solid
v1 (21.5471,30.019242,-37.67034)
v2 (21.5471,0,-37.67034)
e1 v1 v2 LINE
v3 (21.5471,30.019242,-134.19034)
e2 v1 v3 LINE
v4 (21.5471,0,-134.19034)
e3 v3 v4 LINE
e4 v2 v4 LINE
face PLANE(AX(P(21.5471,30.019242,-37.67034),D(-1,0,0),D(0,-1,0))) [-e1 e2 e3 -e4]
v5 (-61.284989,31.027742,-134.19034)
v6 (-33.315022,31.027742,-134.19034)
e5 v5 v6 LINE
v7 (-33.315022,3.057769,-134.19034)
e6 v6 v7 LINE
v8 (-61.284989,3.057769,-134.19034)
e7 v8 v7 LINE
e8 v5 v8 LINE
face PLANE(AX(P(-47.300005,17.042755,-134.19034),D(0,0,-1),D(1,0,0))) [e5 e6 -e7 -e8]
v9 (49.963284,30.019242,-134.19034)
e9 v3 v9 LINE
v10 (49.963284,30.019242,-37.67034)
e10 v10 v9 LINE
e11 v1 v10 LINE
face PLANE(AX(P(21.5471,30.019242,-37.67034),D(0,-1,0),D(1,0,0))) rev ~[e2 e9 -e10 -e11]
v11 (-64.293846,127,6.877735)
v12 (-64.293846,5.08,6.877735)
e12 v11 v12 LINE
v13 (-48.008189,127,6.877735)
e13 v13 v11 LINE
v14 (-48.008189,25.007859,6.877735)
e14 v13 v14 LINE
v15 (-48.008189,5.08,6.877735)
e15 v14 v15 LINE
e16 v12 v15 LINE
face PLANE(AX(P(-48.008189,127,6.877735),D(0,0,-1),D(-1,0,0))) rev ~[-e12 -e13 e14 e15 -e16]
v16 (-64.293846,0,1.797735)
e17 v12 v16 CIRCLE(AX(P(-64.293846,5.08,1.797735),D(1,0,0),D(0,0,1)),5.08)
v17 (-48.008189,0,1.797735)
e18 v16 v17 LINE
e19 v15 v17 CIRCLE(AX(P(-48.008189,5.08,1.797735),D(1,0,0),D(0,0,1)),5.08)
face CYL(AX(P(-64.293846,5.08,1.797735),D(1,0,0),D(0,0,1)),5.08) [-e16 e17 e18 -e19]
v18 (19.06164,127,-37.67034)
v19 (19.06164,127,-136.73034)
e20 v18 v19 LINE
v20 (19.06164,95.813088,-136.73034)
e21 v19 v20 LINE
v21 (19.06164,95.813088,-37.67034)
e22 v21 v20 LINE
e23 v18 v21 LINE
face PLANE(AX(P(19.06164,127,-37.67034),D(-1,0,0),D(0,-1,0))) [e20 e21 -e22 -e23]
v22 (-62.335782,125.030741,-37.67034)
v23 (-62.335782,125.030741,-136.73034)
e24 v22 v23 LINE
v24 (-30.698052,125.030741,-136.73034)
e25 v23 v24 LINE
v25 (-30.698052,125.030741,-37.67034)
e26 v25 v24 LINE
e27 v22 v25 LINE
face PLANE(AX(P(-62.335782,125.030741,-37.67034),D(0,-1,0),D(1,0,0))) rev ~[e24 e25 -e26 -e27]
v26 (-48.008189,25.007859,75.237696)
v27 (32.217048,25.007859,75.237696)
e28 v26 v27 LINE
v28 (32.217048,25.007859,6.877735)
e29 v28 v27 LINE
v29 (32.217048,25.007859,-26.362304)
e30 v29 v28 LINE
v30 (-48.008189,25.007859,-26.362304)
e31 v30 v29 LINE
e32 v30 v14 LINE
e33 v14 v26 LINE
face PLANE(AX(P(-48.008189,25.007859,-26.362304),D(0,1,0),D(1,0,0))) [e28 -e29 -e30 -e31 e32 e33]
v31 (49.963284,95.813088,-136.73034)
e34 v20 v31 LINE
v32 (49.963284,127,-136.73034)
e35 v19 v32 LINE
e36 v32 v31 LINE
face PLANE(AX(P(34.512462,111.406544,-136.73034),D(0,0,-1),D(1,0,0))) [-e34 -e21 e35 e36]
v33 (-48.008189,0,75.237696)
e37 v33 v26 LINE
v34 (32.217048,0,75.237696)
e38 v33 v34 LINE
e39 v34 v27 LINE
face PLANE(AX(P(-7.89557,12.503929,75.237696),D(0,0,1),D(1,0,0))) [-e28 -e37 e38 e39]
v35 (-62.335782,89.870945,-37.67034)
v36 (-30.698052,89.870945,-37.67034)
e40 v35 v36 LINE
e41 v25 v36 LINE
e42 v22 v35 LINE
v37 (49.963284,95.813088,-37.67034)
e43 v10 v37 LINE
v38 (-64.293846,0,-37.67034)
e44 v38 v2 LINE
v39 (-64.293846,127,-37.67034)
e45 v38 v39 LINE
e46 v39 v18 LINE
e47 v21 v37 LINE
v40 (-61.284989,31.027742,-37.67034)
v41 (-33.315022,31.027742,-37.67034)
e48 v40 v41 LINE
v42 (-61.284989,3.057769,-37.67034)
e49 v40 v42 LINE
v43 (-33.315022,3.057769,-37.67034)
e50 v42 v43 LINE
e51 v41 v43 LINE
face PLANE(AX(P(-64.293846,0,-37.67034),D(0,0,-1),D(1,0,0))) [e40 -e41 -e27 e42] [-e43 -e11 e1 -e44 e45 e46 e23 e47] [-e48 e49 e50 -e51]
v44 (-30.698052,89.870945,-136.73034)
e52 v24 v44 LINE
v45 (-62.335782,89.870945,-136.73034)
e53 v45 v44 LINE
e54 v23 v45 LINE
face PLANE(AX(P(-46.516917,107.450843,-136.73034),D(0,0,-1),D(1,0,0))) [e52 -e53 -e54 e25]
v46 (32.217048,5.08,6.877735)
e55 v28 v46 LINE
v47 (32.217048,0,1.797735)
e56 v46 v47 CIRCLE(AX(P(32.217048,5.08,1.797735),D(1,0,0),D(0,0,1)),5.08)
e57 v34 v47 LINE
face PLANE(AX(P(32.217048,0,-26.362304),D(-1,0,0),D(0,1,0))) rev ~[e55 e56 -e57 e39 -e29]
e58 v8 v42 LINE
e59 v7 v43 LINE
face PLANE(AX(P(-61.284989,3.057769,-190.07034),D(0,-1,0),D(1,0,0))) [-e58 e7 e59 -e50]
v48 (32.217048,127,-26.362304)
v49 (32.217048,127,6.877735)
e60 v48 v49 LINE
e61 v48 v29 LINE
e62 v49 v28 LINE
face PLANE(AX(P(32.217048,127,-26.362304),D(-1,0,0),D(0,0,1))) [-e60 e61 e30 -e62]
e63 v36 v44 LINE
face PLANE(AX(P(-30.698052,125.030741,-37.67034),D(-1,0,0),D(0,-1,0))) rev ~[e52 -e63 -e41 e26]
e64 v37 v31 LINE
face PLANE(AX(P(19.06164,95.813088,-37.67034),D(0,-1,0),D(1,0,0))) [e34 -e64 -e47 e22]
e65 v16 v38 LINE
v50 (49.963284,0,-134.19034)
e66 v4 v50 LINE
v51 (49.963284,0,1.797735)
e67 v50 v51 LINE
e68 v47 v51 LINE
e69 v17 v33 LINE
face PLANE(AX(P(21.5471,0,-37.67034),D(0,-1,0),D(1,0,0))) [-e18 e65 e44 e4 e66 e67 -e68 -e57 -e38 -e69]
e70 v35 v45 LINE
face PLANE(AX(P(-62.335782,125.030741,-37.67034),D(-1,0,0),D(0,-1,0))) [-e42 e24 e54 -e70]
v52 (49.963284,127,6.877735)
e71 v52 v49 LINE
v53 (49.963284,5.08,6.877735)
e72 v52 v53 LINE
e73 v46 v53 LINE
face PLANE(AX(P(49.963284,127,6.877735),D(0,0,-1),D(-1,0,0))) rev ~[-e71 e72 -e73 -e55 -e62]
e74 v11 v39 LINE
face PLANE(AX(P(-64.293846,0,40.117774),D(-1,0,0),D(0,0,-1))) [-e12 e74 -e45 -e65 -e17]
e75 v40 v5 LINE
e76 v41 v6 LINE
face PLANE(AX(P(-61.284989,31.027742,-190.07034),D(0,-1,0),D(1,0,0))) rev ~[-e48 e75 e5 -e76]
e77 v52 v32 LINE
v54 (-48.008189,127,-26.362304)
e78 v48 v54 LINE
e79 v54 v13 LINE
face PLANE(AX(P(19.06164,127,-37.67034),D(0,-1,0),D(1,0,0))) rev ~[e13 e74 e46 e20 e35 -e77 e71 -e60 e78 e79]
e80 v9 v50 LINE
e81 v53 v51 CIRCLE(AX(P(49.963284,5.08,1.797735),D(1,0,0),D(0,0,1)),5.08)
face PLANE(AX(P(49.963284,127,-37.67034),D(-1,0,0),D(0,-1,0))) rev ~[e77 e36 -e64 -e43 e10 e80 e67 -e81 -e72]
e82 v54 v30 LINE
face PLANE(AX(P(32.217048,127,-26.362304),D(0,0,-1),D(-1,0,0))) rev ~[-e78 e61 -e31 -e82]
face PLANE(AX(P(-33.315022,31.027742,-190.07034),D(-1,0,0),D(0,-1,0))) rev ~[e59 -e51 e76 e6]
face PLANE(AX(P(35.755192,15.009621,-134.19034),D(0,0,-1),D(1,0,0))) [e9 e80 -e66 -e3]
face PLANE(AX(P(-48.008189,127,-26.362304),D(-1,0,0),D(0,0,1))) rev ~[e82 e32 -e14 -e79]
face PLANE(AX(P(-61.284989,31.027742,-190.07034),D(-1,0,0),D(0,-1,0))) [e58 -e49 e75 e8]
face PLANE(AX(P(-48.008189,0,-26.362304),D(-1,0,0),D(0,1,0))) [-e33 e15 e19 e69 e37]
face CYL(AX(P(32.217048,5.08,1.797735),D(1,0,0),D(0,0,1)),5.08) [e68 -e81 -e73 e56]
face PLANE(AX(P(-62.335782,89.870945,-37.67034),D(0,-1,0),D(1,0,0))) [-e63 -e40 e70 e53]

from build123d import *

# Parameters (mm, degrees)
F1_DEPTH  = 127
F2_W      = 80.2252367139
F2_H      = 66.4800778031
F3_DEPTH  = 127
F4_W      = 17.7462361753
F4_H      = 33.2400389016
F4_W_2    = 16.2856578827
F5_DEPTH  = 152.4
F6_W      = 80.2252367139
F6_H      = 25.0078588724
F7_DEPTH  = 101.6
F8_W      = 27.9699675739
F8_H      = 27.9699731618
F9_DEPTH  = 152.4
F10_DEPTH = 50.8
F11_DEPTH = 106.68
F12_W     = 28.4161847085
F12_H     = 30.0192423165
F13_DEPTH = 96.52
F14_W     = 30.9016443789
F14_H     = 31.186911881
F15_DEPTH = 99.06
F16_W     = 31.6377300769
F16_H     = 35.1597964764
F17_DEPTH = 99.06
F18_R     = 5.08
F19_R     = 5.08


with BuildPart() as f1:
    # F0 (on Front) → F1 (new body)
    with BuildSketch(Plane.XZ):
        Polygon((41.0551093519, 40.1177741587), (-64.293846488, 40.1177741587), (-64.293846488, -37.670340389), (49.9632842839, -37.670340389), (49.9632842839, 40.1177741587), align=None)
    extrude(amount=-F1_DEPTH)

    # F2 (on face) → F3 (cut)
    with BuildSketch(Plane(origin=(0, 127, 0), x_dir=(-1, 0, 0), z_dir=(0, 1, 0))):
        with Locations((7.8955702484, 6.8777352571)):
            Rectangle(F2_W, F2_H)
    extrude(amount=-F3_DEPTH, mode=Mode.SUBTRACT)

    # F4 (on face) → F5 (cut)
    with BuildSketch(Plane(origin=(0, 127, 0), x_dir=(-1, 0, 0), z_dir=(0, 1, 0))):
        with Locations((-41.0901661962, 23.4977547079)):
            Rectangle(F4_W, F4_H)
        with Locations((56.1510175467, 23.4977547079)):
            Rectangle(F4_W_2, F4_H)
    extrude(amount=-F5_DEPTH, mode=Mode.SUBTRACT)

    # F6 (on face) → F7 (join)
    with BuildSketch(Plane.XY.offset(-26.3623036444)):
        with Locations((-7.8955702484, 12.5039294362)):
            Rectangle(F6_W, F6_H)
    extrude(amount=F7_DEPTH)

    # F8 (on face) → F9 (join)
    with BuildSketch(Plane(origin=(0, 0, -37.670340389), x_dir=(1, 0, 0), z_dir=(0, 0, -1))):
        with Locations((-47.3000053316, -17.0427551493)):
            Rectangle(F8_W, F8_H)
    extrude(amount=F9_DEPTH)

    # F10 (add): a face of the model
    f10_faces = [f1.faces().sort_by_distance(p)[0] for p in [
        (-47.3000053316, 17.0427551493, -190.070340389),
    ]]
    extrude(f10_faces, amount=F10_DEPTH)

    # F11 (cut): a face of the model
    f11_faces = [f1.faces().sort_by_distance(p)[0] for p in [
        (-47.3000053316, 17.0427551493, -240.870340389),
    ]]
    extrude(f11_faces, amount=-F11_DEPTH, mode=Mode.SUBTRACT)

    # F12 (on face) → F13 (join)
    with BuildSketch(Plane(origin=(0, 0, -37.670340389), x_dir=(1, 0, 0), z_dir=(0, 0, -1))):
        with Locations((35.7551919296, -15.0096211582)):
            Rectangle(F12_W, F12_H)
    extrude(amount=F13_DEPTH)

    # F14 (on face) → F15 (join)
    with BuildSketch(Plane(origin=(0, 0, -37.670340389), x_dir=(1, 0, 0), z_dir=(0, 0, -1))):
        with Locations((34.5124620944, -111.4065440595)):
            Rectangle(F14_W, F14_H)
    extrude(amount=F15_DEPTH)

    # F16 (on face) → F17 (join)
    with BuildSketch(Plane(origin=(0, 0, -37.670340389), x_dir=(1, 0, 0), z_dir=(0, 0, -1))):
        with Locations((-46.5169167146, -107.4508428574)):
            Rectangle(F16_W, F16_H)
    extrude(amount=F17_DEPTH)

    # F18
    f18_edges = [f1.edges().sort_by_distance(p)[0] for p in [
        (-56.151018, 0, 6.877735),
    ]]
    fillet(f18_edges, radius=F18_R)

    # F19
    f19_edges = [f1.edges().sort_by_distance(p)[0] for p in [
        (41.090166, 0, 6.877735),
    ]]
    fillet(f19_edges, radius=F19_R)


solid = f1.part
